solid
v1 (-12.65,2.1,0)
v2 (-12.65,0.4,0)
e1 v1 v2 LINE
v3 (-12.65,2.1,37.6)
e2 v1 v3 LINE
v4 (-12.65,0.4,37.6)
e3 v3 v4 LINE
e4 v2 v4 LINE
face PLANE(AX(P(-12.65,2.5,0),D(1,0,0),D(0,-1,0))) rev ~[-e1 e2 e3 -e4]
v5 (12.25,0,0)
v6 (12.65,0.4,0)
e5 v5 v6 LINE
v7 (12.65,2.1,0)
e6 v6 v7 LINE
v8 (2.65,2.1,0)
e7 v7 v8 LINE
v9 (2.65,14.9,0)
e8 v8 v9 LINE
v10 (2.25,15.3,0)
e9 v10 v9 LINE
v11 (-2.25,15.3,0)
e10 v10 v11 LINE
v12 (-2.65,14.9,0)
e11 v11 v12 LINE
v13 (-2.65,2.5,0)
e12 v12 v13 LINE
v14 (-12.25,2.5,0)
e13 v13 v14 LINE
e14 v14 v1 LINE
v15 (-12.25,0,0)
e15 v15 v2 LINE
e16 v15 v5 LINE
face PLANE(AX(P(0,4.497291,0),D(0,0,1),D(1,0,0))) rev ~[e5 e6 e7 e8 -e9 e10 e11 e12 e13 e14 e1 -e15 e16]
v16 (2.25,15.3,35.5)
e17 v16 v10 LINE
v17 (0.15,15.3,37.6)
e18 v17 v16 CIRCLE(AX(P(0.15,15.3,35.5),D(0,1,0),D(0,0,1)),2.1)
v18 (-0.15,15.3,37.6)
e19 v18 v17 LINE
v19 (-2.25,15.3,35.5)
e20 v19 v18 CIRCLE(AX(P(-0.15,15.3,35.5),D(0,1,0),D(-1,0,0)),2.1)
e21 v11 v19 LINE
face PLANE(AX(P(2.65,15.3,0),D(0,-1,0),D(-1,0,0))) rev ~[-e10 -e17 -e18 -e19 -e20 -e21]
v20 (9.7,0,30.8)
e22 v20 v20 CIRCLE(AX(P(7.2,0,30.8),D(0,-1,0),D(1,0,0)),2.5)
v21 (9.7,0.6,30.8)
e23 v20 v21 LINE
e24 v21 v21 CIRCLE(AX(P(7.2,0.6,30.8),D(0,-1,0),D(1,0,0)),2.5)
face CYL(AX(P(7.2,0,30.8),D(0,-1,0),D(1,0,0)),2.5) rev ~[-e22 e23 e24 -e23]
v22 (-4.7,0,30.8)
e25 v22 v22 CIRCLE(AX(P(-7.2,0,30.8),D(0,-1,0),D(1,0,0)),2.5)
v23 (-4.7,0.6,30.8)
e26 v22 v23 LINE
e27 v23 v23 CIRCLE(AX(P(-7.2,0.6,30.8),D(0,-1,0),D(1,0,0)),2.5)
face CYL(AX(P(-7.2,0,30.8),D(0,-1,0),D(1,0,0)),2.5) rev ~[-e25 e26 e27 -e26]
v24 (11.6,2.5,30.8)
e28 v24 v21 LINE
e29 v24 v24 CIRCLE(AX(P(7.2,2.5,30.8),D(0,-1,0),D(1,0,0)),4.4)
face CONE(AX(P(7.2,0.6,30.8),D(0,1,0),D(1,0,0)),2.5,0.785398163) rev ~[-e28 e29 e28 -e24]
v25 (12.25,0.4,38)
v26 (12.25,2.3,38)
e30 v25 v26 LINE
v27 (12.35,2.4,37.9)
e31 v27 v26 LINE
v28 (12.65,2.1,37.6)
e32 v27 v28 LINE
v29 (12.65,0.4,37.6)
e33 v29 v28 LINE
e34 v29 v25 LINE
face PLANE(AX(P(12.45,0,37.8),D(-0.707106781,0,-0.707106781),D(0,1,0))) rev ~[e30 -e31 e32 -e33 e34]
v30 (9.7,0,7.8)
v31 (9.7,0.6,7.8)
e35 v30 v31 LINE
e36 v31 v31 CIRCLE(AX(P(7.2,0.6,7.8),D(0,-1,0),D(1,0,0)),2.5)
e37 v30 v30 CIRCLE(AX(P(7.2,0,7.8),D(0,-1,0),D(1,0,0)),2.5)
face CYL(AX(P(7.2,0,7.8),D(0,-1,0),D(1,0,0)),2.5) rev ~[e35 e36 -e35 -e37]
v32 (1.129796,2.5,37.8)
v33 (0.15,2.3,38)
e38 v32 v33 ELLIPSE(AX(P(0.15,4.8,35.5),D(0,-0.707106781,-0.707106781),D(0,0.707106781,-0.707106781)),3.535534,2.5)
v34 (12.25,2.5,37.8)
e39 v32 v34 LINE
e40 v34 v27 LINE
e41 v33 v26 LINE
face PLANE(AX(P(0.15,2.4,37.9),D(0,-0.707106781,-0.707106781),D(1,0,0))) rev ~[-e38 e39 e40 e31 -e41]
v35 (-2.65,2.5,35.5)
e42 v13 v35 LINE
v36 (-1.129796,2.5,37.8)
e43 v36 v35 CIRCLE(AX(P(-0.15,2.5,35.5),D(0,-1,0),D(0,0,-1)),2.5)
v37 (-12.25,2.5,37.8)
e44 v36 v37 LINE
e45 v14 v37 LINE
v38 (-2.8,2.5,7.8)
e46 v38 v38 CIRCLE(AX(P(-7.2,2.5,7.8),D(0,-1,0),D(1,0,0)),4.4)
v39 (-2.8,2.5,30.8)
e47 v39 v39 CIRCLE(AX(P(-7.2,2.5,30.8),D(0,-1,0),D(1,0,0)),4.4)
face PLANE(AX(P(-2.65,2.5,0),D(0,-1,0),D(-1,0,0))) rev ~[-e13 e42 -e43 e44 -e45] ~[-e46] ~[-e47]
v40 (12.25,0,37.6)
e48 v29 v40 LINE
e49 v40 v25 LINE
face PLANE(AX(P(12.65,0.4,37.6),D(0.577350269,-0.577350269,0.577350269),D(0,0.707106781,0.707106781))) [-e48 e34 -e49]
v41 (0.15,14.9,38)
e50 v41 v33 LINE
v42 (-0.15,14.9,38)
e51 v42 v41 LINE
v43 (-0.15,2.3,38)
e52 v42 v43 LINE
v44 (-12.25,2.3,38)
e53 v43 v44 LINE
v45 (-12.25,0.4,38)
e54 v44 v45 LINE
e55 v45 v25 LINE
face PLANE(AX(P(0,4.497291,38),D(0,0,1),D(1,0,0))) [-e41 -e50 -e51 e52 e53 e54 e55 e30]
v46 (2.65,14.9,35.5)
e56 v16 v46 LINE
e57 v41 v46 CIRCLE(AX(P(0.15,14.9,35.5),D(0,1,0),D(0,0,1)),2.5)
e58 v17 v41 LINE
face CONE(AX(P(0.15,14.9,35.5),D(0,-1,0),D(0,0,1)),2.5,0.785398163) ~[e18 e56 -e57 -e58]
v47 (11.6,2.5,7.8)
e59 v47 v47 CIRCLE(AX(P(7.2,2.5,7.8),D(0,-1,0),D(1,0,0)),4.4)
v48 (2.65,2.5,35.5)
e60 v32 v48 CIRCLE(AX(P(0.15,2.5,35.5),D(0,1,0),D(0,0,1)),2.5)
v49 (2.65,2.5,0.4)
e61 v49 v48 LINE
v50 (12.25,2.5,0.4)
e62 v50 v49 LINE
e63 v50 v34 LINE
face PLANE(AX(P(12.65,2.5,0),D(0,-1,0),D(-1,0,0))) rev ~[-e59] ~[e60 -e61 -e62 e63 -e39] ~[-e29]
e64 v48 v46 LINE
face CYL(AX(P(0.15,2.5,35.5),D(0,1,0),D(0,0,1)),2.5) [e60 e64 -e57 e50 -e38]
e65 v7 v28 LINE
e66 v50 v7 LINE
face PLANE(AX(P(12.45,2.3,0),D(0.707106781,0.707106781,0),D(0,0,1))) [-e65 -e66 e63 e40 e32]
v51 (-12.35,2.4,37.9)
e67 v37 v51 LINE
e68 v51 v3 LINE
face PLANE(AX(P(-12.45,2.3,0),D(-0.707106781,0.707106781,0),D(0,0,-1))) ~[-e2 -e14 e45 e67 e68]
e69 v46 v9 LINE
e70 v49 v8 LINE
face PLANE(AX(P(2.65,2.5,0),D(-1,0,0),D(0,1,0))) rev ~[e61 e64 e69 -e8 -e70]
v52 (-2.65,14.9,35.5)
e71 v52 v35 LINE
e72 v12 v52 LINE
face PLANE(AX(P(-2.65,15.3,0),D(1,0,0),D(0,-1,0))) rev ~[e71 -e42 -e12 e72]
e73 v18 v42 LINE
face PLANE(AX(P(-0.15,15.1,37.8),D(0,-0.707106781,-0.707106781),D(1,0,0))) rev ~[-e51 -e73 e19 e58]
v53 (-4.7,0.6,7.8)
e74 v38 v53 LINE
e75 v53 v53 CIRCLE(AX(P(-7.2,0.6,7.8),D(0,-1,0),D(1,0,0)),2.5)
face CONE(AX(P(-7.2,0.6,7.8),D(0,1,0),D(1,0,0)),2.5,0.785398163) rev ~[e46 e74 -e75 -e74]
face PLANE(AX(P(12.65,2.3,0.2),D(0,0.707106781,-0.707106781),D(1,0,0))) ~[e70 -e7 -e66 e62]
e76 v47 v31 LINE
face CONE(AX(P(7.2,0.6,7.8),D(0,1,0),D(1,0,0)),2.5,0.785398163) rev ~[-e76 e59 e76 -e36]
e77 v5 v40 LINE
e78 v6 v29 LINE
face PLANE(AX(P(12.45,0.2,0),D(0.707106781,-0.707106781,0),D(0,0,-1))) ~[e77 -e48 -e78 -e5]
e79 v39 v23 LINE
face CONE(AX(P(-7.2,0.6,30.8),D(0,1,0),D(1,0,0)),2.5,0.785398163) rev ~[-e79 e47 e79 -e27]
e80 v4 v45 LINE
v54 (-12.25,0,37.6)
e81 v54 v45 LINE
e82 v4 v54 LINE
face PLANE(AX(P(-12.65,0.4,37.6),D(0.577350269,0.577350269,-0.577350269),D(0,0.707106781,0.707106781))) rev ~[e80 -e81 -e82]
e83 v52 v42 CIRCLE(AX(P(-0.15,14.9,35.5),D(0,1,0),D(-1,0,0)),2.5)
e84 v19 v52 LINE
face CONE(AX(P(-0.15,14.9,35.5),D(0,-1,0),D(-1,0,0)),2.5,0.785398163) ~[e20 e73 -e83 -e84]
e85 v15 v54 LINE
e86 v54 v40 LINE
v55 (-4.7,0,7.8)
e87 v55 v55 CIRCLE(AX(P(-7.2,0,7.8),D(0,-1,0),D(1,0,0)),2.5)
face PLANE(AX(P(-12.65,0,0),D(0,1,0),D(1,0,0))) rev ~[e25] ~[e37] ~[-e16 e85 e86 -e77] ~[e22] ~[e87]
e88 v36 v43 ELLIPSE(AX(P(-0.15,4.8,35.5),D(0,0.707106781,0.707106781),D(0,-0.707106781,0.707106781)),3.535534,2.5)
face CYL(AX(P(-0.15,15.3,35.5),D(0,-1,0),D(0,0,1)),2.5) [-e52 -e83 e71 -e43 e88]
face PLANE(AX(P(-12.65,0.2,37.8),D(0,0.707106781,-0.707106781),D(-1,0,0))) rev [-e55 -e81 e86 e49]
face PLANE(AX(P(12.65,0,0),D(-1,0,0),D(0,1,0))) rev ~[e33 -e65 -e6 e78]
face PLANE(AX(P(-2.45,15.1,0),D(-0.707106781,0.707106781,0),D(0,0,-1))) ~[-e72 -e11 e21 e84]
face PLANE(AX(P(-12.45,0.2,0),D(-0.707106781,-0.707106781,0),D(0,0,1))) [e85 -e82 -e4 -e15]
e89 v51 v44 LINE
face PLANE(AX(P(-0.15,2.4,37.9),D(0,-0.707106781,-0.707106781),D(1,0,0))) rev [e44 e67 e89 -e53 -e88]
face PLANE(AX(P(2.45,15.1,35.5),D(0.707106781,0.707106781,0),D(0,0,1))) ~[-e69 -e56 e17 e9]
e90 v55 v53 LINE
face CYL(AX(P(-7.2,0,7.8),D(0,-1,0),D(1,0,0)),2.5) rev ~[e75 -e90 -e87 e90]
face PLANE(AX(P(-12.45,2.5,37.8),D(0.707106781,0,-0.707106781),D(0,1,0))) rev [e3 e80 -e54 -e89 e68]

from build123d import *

# Parameters (mm, degrees)
F1_DEPTH = 38
F2_R     = 2.5
F3_DEPTH = 25
F4_SIZE  = 1.9
F5_R     = 2.5
F6_SIZE  = 0.4
F7_SIZE  = 0.2


with BuildPart() as f1:
    # F0 (on Top) → F1 (new body)
    with BuildSketch(Plane.XY):
        Polygon((2.65, 15.3), (0, 15.3), (-2.65, 15.3), (-2.65, 2.5), (-12.65, 2.5), (-12.65, 0), (0, 0), (12.65, 0), (12.65, 2.5), (2.65, 2.5), align=None)
    extrude(amount=F1_DEPTH)

    # F2 (on Front) → F3 (cut)
    with BuildSketch(Plane.XZ):
        with Locations((-7.2, 30.8)):
            Circle(F2_R)
        with Locations((-7.2, 7.8)):
            Circle(F2_R)
        with Locations((7.2, 7.8)):
            Circle(F2_R)
        with Locations((7.2, 30.8)):
            Circle(F2_R)
    extrude(amount=-F3_DEPTH, mode=Mode.SUBTRACT)

    # F4
    f4_edges = [f1.edges().sort_by_distance(p)[0] for p in [
        (4.7, 2.5, 7.8),
        (4.7, 2.5, 30.8),
        (-9.7, 2.5, 7.8),
        (-9.7, 2.5, 30.8),
    ]]
    chamfer(f4_edges, length=F4_SIZE)

    # F5
    f5_edges = [f1.edges().sort_by_distance(p)[0] for p in [
        (-2.65, 8.9, 38),
        (2.65, 8.9, 38),
    ]]
    fillet(f5_edges, radius=F5_R)

    # F6
    f6_edges = [f1.edges().sort_by_distance(p)[0] for p in [
        (-2.65, 15.3, 17.75),
        (2.65, 15.3, 17.75),
        (7.65, 2.5, 0),
        (12.65, 2.5, 19),
        (0, 0, 38),
        (12.65, 0, 19),
        (-12.65, 2.5, 19),
        (-12.65, 0, 19),
        (-12.65, 1.25, 38),
        (12.65, 1.25, 38),
    ]]
    chamfer(f6_edges, length=F6_SIZE)

    # F7
    f7_edges = [f1.edges().sort_by_distance(p)[0] for p in [
        (7.45, 2.5, 38),
        (-7.45, 2.5, 38),
    ]]
    chamfer(f7_edges, length=F7_SIZE)


solid = f1.part
